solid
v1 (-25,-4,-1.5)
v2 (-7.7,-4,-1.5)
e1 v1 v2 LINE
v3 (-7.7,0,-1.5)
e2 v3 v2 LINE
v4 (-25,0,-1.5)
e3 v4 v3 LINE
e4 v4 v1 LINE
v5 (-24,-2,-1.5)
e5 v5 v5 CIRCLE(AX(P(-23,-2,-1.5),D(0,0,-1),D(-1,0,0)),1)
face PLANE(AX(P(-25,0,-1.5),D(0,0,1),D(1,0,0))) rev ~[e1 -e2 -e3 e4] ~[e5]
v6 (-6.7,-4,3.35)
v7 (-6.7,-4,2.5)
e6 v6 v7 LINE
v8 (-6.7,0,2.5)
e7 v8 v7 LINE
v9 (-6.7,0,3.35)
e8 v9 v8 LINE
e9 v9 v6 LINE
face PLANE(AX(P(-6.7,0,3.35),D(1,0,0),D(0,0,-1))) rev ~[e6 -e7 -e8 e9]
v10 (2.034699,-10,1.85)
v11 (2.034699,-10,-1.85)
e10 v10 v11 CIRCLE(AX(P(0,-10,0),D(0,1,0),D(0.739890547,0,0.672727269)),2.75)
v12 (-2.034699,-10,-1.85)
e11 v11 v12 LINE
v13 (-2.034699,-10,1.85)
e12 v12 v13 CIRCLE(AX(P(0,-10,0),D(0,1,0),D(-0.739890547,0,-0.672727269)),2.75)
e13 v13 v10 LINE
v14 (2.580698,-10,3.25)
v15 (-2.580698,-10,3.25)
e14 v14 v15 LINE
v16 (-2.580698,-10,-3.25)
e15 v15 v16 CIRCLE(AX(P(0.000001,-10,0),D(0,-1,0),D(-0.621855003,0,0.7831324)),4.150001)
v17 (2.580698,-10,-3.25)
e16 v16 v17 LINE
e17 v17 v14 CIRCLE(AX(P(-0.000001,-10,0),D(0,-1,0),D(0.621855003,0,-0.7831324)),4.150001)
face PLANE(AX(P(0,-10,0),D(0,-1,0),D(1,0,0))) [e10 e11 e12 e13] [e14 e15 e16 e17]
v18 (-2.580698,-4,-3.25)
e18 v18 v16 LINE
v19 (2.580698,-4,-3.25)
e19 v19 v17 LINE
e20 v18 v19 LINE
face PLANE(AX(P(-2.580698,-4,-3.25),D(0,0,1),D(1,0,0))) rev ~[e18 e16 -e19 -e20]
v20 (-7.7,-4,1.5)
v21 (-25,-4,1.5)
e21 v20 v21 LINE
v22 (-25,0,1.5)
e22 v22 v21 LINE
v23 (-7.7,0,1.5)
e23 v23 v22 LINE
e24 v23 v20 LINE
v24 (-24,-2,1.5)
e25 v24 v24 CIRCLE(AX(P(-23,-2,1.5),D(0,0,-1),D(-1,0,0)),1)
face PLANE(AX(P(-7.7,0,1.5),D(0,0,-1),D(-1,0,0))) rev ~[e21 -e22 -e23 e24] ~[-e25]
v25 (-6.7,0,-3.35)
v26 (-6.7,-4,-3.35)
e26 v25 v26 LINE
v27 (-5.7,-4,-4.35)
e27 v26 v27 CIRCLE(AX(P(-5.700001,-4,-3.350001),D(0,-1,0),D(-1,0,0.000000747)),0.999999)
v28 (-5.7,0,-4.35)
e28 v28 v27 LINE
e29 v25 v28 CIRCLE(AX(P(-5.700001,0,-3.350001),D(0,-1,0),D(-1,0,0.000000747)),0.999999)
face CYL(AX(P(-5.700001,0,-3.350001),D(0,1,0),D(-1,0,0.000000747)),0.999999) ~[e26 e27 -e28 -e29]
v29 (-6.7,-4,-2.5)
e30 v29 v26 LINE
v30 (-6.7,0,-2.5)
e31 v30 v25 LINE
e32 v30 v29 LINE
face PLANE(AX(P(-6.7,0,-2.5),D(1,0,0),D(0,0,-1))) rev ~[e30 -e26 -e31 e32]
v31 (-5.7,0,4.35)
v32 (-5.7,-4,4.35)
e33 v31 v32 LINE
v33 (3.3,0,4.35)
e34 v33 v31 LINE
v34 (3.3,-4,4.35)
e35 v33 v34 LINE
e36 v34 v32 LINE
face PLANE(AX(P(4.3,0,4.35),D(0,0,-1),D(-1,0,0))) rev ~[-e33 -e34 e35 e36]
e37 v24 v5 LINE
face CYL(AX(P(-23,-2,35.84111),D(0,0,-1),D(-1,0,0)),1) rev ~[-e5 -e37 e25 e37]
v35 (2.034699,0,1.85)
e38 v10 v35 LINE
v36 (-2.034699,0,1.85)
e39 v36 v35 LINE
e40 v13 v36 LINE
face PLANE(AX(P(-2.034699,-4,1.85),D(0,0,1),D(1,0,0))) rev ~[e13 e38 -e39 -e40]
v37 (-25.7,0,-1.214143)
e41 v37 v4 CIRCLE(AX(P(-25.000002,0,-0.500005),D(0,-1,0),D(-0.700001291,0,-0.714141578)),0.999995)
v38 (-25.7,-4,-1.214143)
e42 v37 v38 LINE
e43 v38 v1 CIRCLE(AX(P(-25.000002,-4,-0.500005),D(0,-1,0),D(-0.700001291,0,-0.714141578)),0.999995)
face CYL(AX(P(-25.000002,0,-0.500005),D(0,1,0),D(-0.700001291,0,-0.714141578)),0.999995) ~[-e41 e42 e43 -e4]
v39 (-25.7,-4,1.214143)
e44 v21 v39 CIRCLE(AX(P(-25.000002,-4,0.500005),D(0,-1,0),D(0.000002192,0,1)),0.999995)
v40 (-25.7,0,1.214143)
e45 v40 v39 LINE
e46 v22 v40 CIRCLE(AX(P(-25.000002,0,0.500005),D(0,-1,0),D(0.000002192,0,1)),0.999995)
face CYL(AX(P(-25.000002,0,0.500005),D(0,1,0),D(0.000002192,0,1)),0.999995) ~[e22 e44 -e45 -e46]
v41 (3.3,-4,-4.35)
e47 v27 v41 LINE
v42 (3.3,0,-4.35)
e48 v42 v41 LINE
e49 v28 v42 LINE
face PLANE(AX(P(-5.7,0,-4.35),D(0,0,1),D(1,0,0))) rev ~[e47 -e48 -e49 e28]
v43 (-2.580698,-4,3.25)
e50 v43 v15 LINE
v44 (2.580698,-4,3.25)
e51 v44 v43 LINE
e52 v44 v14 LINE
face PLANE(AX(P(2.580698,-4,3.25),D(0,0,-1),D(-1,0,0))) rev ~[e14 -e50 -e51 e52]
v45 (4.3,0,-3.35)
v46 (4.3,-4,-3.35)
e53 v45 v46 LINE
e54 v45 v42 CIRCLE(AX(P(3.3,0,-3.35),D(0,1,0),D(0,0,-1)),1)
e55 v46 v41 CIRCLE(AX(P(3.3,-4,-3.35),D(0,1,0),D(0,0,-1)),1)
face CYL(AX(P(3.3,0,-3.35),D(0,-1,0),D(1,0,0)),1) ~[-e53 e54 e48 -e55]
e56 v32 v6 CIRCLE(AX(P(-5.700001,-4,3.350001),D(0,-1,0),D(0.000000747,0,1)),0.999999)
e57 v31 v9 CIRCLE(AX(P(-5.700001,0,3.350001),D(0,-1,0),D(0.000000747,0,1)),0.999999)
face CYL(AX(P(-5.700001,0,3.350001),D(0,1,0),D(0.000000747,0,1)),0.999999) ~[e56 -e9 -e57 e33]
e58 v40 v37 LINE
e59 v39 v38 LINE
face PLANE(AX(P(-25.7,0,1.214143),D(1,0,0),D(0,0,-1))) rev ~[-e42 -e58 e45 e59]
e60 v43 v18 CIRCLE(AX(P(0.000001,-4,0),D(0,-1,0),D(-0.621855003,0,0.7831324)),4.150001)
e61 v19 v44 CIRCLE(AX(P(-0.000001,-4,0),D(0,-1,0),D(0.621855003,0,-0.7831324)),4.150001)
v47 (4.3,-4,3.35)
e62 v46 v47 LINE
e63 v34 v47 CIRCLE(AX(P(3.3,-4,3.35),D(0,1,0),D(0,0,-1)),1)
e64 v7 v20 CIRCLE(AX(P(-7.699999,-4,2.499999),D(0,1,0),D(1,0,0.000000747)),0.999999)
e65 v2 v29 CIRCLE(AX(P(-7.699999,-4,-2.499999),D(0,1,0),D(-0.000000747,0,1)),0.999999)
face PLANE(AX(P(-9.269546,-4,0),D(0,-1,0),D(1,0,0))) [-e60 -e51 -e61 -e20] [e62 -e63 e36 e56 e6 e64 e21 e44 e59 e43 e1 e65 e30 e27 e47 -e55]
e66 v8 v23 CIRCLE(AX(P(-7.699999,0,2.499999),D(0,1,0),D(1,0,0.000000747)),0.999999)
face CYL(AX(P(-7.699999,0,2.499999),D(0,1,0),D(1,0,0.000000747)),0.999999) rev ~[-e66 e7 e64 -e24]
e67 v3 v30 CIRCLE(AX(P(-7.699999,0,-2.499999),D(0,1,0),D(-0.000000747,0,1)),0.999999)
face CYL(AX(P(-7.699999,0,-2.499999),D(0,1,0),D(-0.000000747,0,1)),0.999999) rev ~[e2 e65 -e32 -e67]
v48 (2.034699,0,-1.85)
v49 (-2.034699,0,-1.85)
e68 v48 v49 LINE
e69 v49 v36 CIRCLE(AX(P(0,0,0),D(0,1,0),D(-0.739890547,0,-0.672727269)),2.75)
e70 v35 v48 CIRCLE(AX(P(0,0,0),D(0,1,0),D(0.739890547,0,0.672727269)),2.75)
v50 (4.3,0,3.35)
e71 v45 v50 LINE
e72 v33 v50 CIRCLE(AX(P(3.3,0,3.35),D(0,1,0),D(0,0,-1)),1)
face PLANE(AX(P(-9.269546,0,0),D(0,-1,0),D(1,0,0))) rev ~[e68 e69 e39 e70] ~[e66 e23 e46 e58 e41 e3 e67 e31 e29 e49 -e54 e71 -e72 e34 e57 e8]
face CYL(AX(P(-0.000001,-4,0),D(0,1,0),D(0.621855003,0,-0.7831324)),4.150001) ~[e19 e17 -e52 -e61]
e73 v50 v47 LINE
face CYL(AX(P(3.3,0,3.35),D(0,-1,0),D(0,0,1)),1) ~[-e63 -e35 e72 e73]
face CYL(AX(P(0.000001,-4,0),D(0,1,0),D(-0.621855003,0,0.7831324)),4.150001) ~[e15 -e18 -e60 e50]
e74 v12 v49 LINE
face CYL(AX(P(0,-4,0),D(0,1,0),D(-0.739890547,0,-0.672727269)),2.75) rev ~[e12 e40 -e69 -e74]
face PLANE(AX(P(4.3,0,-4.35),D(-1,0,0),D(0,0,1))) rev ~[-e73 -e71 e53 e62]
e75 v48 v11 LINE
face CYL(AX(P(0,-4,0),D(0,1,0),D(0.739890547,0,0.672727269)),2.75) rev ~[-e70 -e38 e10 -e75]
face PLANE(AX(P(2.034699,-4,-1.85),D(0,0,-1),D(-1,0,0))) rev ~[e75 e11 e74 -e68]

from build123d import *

# Parameters (mm, degrees)
F1_DEPTH = 4
F3_D     = 2
F4_R     = 1
F5_R     = 1
F7_DEPTH = 6


with BuildPart() as f1:
    # F0 (on Front) → F1 (new body)
    with BuildSketch(Plane.XZ):
        with BuildLine():
            Line((4.3, 0), (4.3, 4.35))
            Line((4.3, 4.35), (-5.7, 4.35))
            ThreePointArc((-5.7, 4.35), (-6.407107, 4.057107), (-6.7, 3.35))
            Line((-6.7, 3.35), (-6.7, 2.5))
            ThreePointArc((-6.7, 2.5), (-6.992893, 1.792893), (-7.7, 1.5))
            Line((-7.7, 1.5), (-25, 1.5))
            ThreePointArc((-25, 1.5), (-25.378059, 1.425782), (-25.7, 1.214143))
            Line((-25.7, 1.214143), (-25.7, -1.214143))
            ThreePointArc((-25.7, -1.214143), (-25.378059, -1.425782), (-25, -1.5))
            Line((-25, -1.5), (-7.7, -1.5))
            ThreePointArc((-7.7, -1.5), (-6.992893, -1.792893), (-6.7, -2.5))
            Line((-6.7, -2.5), (-6.7, -3.35))
            ThreePointArc((-6.7, -3.35), (-6.407107, -4.057107), (-5.7, -4.35))
            Line((-5.7, -4.35), (4.3, -4.35))
            Line((4.3, -4.35), (4.3, 0))
        make_face()
        with BuildLine():
            ThreePointArc((-2.034699, -1.85), (-2.75, 0), (-2.034699, 1.85))
            Line((-2.034699, 1.85), (2.034699, 1.85))
            ThreePointArc((2.034699, 1.85), (2.75, 0), (2.034699, -1.85))
            Line((2.034699, -1.85), (-2.034699, -1.85))
        make_face(mode=Mode.SUBTRACT)
    extrude(amount=F1_DEPTH)

    # F3 (through all)
    with Locations(Plane.XY.offset(4.35)):
        with Locations((-23, -2)):
            Hole(F3_D / 2)

    # F4
    f4_edges = [f1.edges().sort_by_distance(p)[0] for p in [
        (4.3, -2, 4.35),
    ]]
    fillet(f4_edges, radius=F4_R)

    # F5
    f5_edges = [f1.edges().sort_by_distance(p)[0] for p in [
        (4.3, -2, -4.35),
    ]]
    fillet(f5_edges, radius=F5_R)

    # F6 (on face) → F7 (join)
    with BuildSketch(Plane.XZ.offset(4)):
        with BuildLine():
            ThreePointArc((-2.580698, 3.25), (-4.15, 0), (-2.580698, -3.25))
            Line((-2.580698, -3.25), (2.580698, -3.25))
            ThreePointArc((2.580698, -3.25), (4.15, 0), (2.580698, 3.25))
            Line((2.580698, 3.25), (-2.580698, 3.25))
        make_face()
        with BuildLine():
            Line((2.034699, -1.85), (-2.034699, -1.85))
            ThreePointArc((-2.034699, -1.85), (-2.75, 0), (-2.034699, 1.85))
            Line((-2.034699, 1.85), (2.034699, 1.85))
            ThreePointArc((2.034699, 1.85), (2.75, 0), (2.034699, -1.85))
        make_face(mode=Mode.SUBTRACT)
    extrude(amount=F7_DEPTH)


solid = f1.part
